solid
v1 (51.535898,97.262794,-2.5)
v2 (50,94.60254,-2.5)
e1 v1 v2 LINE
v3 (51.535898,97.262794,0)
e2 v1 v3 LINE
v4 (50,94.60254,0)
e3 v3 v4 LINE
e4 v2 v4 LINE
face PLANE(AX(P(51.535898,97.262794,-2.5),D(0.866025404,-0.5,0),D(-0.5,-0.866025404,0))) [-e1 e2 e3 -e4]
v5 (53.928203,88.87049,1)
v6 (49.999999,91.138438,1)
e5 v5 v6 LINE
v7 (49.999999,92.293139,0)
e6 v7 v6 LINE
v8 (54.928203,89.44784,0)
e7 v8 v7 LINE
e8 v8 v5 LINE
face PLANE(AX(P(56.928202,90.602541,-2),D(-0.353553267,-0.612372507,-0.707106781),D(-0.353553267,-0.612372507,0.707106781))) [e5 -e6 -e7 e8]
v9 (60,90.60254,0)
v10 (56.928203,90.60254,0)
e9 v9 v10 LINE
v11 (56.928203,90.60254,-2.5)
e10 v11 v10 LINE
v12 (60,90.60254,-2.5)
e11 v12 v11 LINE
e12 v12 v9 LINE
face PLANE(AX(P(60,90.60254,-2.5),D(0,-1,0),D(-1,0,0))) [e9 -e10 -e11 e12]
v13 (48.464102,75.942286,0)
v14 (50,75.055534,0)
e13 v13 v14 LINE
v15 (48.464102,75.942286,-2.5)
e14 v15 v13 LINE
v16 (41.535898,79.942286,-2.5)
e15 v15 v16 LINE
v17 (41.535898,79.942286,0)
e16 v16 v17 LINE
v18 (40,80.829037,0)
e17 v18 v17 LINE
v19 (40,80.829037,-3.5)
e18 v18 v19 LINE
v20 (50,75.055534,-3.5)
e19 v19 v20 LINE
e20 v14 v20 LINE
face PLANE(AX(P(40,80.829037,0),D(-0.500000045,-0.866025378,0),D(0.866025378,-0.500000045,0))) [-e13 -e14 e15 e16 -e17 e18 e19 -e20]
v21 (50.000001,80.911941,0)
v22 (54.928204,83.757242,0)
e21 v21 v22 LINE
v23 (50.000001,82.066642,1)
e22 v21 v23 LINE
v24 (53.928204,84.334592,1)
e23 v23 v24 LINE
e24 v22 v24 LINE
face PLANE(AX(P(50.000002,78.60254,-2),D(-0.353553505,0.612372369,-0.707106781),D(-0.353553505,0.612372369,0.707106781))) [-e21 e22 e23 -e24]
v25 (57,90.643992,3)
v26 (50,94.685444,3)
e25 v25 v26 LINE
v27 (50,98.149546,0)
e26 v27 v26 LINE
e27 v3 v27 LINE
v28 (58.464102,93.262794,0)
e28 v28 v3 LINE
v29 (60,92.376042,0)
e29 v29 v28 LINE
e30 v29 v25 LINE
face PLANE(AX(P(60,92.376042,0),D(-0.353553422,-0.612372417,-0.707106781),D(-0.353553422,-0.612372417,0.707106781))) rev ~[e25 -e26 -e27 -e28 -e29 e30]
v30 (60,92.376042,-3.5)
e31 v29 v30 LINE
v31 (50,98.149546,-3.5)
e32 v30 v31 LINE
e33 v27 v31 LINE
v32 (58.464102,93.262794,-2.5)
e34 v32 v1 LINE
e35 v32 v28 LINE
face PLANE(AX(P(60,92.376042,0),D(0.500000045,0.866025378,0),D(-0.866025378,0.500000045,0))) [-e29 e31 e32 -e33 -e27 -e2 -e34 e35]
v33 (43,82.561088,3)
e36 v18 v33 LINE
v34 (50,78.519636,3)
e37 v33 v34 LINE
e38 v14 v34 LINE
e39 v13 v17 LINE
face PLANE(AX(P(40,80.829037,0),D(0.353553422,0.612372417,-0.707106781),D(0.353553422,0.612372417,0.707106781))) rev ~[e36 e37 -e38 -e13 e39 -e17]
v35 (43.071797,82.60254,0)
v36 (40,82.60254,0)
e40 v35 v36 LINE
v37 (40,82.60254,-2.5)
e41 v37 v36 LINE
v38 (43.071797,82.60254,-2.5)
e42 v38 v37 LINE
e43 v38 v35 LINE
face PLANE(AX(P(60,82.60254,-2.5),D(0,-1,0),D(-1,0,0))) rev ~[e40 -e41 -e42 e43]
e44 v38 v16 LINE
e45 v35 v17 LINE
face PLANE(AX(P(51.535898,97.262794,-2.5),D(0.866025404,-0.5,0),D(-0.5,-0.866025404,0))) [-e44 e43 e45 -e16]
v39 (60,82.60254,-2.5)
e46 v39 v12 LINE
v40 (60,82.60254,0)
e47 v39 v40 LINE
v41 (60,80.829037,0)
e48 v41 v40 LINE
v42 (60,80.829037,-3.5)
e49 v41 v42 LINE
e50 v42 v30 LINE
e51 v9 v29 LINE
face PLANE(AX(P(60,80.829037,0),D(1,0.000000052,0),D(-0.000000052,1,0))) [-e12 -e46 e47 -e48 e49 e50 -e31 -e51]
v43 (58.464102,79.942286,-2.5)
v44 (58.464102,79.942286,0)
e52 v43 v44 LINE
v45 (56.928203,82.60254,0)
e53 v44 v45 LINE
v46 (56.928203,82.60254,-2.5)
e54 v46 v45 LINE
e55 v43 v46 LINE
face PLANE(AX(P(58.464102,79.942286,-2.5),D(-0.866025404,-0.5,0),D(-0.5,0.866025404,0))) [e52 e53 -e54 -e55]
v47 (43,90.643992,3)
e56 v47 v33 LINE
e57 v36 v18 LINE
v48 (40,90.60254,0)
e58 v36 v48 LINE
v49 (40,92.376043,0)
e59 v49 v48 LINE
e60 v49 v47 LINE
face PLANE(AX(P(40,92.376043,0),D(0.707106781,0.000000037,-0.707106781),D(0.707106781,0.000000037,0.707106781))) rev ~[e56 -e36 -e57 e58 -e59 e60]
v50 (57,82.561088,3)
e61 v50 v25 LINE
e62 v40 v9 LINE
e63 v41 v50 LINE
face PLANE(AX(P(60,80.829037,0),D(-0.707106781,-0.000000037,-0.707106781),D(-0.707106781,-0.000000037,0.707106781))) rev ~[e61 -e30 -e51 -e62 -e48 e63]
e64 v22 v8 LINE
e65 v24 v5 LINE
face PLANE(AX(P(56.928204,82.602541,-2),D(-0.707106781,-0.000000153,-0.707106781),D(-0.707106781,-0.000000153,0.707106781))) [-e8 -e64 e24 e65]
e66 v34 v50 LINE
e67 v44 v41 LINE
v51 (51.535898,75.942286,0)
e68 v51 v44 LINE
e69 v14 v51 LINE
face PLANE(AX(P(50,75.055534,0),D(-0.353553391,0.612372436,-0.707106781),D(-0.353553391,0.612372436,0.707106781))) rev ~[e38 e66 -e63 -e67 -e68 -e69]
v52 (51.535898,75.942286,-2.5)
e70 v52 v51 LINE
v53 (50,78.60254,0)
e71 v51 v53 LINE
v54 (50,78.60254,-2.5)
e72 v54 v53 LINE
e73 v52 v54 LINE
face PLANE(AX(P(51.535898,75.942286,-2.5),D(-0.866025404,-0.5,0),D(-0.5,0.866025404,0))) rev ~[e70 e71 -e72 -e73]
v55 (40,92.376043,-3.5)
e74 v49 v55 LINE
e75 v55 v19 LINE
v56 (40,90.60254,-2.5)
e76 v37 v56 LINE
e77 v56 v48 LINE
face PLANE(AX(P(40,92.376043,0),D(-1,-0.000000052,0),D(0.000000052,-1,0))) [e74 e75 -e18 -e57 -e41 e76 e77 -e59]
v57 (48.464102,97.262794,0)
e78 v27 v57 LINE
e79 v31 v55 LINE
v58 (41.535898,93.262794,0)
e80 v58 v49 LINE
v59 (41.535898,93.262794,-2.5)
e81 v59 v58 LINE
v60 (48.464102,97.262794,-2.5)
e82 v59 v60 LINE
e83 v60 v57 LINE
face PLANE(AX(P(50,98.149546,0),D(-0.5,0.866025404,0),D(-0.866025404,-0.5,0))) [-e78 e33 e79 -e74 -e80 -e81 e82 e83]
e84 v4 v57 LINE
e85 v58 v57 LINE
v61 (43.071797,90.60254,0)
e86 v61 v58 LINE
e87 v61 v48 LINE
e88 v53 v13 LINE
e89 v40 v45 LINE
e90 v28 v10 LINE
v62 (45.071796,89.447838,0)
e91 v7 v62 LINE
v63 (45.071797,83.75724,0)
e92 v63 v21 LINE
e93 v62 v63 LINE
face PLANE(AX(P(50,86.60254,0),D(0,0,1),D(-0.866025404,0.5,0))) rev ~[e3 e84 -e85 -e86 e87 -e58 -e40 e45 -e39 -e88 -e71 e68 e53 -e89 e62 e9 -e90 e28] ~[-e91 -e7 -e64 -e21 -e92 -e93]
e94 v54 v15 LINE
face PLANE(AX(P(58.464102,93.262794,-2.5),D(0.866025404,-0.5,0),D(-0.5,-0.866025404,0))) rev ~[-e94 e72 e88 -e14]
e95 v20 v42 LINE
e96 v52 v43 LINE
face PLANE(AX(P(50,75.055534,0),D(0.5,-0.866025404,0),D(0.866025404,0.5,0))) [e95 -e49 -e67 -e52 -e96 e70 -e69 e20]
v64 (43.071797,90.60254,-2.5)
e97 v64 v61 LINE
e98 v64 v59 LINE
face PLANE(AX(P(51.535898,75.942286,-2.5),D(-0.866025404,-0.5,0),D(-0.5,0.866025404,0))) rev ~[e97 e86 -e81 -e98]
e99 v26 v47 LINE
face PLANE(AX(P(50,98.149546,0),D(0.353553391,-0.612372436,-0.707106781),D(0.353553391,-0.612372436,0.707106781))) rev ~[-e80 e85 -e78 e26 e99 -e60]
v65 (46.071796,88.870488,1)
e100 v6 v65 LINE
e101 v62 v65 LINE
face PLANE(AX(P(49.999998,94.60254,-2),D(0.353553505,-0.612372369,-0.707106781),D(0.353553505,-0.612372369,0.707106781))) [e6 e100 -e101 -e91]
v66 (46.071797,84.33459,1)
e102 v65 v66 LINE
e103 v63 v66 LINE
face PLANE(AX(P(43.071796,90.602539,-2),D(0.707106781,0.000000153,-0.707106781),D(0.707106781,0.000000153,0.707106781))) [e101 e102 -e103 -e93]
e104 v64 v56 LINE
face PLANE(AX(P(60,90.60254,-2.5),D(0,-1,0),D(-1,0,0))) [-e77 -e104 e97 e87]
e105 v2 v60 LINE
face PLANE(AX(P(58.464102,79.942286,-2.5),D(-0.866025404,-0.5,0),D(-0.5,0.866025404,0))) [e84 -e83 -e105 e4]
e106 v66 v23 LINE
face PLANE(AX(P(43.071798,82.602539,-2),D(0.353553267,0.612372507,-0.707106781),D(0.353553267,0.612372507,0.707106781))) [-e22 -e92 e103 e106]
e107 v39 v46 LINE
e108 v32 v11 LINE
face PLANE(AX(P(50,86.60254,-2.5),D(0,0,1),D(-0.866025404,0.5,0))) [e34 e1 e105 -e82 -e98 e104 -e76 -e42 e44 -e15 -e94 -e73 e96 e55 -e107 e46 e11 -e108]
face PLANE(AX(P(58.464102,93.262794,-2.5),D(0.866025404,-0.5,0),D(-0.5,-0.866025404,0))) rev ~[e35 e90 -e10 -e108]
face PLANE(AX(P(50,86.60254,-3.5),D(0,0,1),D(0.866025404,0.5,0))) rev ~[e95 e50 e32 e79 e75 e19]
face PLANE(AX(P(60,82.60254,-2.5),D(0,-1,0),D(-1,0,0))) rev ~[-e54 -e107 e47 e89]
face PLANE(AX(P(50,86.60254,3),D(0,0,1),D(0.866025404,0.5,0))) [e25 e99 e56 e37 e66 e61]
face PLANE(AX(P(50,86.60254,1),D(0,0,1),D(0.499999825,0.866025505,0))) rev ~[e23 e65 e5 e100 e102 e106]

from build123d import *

# Parameters (mm, degrees)
BOX001_W                    = 8
BOX001_H                    = 20
BOX001_DEPTH                = 2.5
ARRAY_COUNT                 = 3
ARRAY_ANGLE                 = 120
PAD_DEPTH                   = 3
PAD_TAPER                   = 45
PAD001_DEPTH                = 3.5
FUSION_PLACEMENT_ANGLE      = 30
BASEFEATURE_PLACEMENT_ANGLE = 30
POCKET_DEPTH                = 3
POCKET_TAPER                = 45
CUT_PLACEMENT_ANGLE         = 30


with BuildPart() as array:
    # Box001 → Box001 (new body)
    with BuildSketch(Plane(origin=(-4, -10, -2.5), x_dir=(1, 0, 0), z_dir=(0, 0, 1))):
        with Locations((4, 10)):
            Rectangle(BOX001_W, BOX001_H)
    extrude(amount=BOX001_DEPTH)

    # Array: Array ×3 about axis
    array_axis = Axis((0, 0, 0), (0, 0, 1))


with BuildPart() as array_1:
    add(array.part)
    for i in range(1, ARRAY_COUNT):
        add(array.part.rotate(array_axis, i * ARRAY_ANGLE / (ARRAY_COUNT - 1)))


with BuildPart() as pad:
    # Sketch → Pad (new body)
    with BuildSketch(Plane.XY):
        Polygon((-11.547005, 0), (-5.773503, -10), (5.773503, -10), (11.547005, 0), (5.773503, 10), (-5.773503, 10), align=None)
    extrude(amount=PAD_DEPTH, taper=PAD_TAPER)


with BuildPart() as cell004:
    # Pad001 base: copy of Pad
    add(pad.part)

    # Sketch → Pad001 (new body)
    with BuildSketch(Plane.XY):
        Polygon((-11.547005, 0), (-5.773503, -10), (5.773503, -10), (11.547005, 0), (5.773503, 10), (-5.773503, 10), align=None)
    extrude(amount=-PAD001_DEPTH)

    # Fusion: union Pad
    add(pad.part)


with BuildPart() as cell004_1:
    # Fusion placement: moved
    add(cell004.part.rotate(Axis((0, 0, 0), (0, 0, 1)), FUSION_PLACEMENT_ANGLE))


with BuildPart() as cell004_2:
    # BaseFeature placement: moved
    add(cell004_1.part.rotate(Axis((0, 0, 0), (0, 0, -1)), BASEFEATURE_PLACEMENT_ANGLE))

    # Sketch002 → Pocket (cut)
    with BuildSketch(Plane(origin=(0, 0, -2), x_dir=(0.866025, 0.5, 0), z_dir=(0, 0, 1))):
        Polygon((0, 8), (-6.928203, 4), (-6.928203, -4), (0, -8), (6.928203, -4), (6.928203, 4), align=None)
    extrude(amount=POCKET_DEPTH, taper=POCKET_TAPER, mode=Mode.SUBTRACT)

    # Cut: cut Array
    add(array_1.part, mode=Mode.SUBTRACT)


with BuildPart() as cell004_3:
    # Cut placement: moved
    add(cell004_2.part.rotate(Axis((0, 0, 0), (0, 0, 1)), CUT_PLACEMENT_ANGLE))


with BuildPart() as cell004_4:
    # Clone003 placement: moved
    add(cell004_3.part.moved(Location((50, 86.60254, 0))))


solid = cell004_4.part
